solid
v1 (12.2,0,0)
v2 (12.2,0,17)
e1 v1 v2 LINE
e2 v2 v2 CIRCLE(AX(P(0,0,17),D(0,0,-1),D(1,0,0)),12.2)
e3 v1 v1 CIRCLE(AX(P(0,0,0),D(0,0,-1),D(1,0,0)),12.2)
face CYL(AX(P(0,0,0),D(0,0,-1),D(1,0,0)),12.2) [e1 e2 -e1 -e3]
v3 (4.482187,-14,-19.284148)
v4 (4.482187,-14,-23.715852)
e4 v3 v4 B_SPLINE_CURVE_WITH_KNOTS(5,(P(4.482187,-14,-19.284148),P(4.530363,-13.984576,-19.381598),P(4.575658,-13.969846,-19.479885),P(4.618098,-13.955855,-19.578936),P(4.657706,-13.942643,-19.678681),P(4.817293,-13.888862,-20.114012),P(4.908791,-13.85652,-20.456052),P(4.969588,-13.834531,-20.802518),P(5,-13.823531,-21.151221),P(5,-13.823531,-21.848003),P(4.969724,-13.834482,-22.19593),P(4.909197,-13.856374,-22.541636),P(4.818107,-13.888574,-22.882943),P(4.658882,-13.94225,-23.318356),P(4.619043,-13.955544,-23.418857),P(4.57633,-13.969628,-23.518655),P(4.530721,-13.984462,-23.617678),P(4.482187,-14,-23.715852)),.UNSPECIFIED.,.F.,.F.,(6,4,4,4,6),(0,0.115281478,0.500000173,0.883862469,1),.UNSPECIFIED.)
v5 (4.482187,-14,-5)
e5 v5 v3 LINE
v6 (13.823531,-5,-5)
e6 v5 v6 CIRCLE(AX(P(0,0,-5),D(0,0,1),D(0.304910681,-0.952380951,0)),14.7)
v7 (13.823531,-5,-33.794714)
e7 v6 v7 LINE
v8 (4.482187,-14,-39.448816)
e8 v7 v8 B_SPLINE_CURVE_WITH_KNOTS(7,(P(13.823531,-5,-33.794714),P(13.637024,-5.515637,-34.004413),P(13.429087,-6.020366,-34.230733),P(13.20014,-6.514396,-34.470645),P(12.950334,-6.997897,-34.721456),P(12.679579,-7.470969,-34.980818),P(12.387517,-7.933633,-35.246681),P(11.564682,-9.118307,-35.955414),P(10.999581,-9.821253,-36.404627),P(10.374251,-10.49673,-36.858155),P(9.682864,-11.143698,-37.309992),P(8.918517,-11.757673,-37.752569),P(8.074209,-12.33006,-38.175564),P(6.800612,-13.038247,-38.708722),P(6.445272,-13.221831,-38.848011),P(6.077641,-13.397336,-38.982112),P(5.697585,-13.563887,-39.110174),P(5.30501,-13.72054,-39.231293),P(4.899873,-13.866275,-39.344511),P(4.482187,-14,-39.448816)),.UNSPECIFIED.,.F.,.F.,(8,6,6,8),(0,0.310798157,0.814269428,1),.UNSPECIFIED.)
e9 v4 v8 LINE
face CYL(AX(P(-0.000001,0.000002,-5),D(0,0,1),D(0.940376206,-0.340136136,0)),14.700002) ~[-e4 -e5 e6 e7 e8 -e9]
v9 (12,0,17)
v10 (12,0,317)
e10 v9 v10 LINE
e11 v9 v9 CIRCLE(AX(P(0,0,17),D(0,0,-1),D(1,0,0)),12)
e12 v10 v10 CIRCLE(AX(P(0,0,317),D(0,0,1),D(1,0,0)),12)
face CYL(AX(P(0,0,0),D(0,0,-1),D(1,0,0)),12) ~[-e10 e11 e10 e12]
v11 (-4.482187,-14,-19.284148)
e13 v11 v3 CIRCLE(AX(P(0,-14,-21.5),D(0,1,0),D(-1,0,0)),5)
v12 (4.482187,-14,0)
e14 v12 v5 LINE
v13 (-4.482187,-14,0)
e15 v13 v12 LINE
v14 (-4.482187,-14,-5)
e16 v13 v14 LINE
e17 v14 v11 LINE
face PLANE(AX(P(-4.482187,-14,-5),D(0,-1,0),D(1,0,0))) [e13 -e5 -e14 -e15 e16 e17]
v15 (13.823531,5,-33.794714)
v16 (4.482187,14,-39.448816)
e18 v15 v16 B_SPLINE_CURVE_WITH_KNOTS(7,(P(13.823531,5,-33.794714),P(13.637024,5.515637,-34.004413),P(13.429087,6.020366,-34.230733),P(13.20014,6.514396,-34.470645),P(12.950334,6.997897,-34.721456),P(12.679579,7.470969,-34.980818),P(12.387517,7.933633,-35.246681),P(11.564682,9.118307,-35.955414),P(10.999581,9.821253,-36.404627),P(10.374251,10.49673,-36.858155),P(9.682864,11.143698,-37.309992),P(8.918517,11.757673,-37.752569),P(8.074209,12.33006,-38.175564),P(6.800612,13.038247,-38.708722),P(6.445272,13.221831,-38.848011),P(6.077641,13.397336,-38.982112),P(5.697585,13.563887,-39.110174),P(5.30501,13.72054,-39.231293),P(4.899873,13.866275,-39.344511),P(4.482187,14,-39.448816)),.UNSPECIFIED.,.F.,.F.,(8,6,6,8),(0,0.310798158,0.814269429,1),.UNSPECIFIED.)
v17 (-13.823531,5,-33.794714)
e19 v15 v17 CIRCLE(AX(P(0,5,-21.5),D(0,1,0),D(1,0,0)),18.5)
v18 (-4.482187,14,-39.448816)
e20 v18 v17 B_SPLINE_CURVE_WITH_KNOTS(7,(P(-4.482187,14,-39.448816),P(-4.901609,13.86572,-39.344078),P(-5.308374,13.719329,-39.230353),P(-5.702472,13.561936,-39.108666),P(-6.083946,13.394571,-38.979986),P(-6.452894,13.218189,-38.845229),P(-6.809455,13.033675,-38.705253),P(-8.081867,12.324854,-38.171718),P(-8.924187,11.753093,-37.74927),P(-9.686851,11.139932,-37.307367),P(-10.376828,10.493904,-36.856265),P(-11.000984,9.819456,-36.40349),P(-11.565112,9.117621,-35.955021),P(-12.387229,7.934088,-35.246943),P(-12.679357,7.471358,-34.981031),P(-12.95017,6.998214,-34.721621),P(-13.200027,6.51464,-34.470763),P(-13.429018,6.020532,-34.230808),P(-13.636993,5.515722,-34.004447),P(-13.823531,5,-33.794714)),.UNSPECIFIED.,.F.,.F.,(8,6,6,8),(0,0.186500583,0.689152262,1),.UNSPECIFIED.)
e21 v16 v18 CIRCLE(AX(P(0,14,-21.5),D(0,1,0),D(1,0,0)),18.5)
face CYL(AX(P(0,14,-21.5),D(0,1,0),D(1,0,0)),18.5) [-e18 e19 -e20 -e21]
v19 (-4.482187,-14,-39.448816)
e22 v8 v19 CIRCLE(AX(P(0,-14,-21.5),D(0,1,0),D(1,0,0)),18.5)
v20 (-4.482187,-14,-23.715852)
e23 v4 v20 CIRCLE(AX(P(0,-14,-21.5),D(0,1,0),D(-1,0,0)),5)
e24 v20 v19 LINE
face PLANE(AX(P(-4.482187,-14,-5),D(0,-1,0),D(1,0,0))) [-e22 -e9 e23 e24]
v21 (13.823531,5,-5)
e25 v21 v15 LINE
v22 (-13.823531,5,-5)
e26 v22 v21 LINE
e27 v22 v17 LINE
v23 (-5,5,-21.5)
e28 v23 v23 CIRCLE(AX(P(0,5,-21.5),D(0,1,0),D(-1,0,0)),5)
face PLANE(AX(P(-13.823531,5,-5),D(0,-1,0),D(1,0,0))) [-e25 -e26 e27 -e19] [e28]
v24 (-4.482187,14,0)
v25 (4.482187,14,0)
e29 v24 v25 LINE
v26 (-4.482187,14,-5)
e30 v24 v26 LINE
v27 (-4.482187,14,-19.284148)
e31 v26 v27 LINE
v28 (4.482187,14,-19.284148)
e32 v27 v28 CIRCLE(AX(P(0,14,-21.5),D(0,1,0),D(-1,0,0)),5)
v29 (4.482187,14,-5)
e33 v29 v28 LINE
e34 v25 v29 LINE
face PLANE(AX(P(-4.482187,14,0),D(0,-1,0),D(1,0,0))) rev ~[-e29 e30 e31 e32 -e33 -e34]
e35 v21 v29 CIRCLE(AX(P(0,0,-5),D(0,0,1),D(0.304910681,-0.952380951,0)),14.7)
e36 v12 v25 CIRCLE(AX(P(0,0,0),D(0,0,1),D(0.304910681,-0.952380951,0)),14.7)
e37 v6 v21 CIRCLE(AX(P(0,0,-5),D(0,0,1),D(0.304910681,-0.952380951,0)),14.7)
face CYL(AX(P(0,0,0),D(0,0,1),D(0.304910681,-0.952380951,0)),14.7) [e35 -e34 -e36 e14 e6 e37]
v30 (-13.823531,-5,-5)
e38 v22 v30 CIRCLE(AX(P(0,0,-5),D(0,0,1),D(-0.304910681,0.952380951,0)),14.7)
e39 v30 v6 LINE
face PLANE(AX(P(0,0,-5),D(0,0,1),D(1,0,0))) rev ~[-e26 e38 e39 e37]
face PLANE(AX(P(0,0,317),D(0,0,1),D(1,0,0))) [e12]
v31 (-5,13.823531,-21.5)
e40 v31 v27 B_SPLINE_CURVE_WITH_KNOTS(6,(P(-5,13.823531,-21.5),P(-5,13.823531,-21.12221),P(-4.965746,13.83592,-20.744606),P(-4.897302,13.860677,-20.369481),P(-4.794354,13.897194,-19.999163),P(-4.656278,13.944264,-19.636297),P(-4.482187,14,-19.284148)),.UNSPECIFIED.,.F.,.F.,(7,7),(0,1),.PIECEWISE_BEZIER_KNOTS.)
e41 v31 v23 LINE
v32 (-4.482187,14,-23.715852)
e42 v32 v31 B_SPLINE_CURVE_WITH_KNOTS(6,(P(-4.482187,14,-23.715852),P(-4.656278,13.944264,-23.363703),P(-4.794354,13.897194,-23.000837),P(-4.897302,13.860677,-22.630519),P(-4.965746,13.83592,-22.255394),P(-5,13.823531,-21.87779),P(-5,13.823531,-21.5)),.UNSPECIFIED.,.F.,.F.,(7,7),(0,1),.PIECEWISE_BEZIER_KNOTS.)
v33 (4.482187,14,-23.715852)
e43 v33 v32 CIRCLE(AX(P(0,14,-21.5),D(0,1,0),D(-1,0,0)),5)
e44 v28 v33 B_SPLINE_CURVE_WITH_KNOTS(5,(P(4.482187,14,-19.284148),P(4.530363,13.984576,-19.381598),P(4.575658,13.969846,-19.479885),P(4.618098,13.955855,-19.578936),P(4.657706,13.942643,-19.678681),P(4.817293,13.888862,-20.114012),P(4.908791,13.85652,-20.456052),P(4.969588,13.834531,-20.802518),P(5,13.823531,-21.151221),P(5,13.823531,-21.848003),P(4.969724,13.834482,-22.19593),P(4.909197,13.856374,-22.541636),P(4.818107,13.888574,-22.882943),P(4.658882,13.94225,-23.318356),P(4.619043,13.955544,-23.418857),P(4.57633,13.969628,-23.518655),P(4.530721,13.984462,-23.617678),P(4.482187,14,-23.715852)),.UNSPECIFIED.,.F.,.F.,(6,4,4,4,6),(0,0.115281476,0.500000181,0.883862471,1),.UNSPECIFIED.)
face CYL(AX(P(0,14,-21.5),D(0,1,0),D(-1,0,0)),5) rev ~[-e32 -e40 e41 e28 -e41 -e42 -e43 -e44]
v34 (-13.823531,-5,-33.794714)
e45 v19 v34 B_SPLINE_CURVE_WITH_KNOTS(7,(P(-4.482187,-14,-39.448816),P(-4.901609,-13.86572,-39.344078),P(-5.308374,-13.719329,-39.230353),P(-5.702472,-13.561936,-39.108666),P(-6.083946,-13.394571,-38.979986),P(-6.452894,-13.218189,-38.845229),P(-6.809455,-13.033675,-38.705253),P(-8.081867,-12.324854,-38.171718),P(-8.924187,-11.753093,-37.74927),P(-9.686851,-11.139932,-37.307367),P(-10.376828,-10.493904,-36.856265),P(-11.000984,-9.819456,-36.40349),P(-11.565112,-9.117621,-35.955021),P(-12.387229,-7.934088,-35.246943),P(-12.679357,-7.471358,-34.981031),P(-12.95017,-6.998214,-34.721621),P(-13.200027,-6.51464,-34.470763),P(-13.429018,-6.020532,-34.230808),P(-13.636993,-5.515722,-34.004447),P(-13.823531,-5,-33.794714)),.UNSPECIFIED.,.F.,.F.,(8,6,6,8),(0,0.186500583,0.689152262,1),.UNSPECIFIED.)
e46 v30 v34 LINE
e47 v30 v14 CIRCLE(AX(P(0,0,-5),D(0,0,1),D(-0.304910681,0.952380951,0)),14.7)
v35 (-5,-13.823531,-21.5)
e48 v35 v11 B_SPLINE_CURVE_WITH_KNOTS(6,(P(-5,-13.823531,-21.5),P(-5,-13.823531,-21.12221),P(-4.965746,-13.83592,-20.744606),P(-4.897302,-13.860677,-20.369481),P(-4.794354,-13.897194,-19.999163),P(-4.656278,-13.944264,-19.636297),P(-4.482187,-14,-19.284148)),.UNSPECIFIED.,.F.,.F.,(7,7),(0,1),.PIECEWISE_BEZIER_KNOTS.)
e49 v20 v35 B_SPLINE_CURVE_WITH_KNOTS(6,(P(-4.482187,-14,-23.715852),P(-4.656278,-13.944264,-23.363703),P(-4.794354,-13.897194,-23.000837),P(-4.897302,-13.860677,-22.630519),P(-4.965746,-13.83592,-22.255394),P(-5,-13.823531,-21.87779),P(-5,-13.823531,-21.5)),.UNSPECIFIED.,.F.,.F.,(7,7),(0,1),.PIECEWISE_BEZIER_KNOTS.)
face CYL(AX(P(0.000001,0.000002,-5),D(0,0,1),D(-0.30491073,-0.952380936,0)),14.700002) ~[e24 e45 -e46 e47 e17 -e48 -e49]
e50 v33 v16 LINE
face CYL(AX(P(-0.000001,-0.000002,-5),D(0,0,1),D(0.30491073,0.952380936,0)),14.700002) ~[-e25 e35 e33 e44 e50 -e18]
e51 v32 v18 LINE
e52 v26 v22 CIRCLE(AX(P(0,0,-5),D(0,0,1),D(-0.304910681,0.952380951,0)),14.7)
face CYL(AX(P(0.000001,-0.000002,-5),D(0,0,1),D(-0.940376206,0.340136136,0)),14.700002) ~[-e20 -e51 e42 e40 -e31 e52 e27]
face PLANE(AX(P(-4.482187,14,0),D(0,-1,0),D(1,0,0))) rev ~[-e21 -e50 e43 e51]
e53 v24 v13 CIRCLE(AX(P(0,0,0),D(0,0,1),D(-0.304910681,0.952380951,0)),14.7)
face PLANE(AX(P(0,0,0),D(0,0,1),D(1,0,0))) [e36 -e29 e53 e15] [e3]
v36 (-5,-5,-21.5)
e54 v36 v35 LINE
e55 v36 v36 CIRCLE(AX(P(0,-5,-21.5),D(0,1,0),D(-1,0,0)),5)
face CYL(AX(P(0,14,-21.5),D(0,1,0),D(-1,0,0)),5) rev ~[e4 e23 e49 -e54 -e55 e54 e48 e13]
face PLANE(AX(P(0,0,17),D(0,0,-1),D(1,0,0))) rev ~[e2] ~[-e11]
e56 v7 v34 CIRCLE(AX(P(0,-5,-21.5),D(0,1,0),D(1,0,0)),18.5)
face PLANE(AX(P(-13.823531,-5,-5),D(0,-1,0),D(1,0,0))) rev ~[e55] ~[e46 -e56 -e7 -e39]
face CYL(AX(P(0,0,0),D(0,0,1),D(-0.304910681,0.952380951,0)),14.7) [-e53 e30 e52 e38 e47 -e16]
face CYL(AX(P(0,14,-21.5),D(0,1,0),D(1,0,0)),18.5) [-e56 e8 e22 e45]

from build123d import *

# Parameters (mm, degrees)
SKETCH_R     = 12
PAD_DEPTH    = 317
PAD001_DEPTH = 5
SKETCH004_R  = 12.2
PAD003_DEPTH = 17
PAD004_DEPTH = 36
SKETCH006_R  = 5
POCKET_DEPTH = 28.001


with BuildPart() as part:
    # Sketch → Pad (new body)
    with BuildSketch(Plane.XY):
        Circle(SKETCH_R)
    extrude(amount=PAD_DEPTH)

    # Sketch001 → Pad001 (join)
    with BuildSketch(Plane.XY):
        with BuildLine():
            ThreePointArc((-4.482187, 14), (-14.7, 0), (-4.482187, -14))
            Line((-4.482187, -14), (4.482187, -14))
            ThreePointArc((4.482187, -14), (14.7, 0), (4.482187, 14))
            Line((-4.482187, 14), (4.482187, 14))
        make_face()
    extrude(amount=-PAD001_DEPTH)

    # Sketch004 (on Face2 of Pad) → Pad003 (join)
    with BuildSketch(Plane(origin=(0, 0, 0), x_dir=(1, 0, 0), z_dir=(0, 0, -1))):
        Circle(SKETCH004_R)
    extrude(amount=-PAD003_DEPTH)

    # Sketch005 (on Face5 of Pad003) → Pad004 (join)
    with BuildSketch(Plane(origin=(0, 0, -5), x_dir=(1, 0, 0), z_dir=(0, 0, -1))):
        with BuildLine():
            ThreePointArc((-4.482187, 14), (-10.199256, 10.586084), (-13.823531, 5))
            Line((-13.823531, 5), (13.823531, 5))
            ThreePointArc((13.823531, 5), (10.199256, 10.586084), (4.482187, 14))
            Line((-4.482187, 14), (4.482187, 14))
        make_face()
        with BuildLine():
            Line((-13.823531, -5), (13.823531, -5))
            ThreePointArc((4.482187, -14), (10.199256, -10.586084), (13.823531, -5))
            Line((4.482187, -14), (-4.482187, -14))
            ThreePointArc((-13.823531, -5), (-10.199256, -10.586084), (-4.482187, -14))
        make_face()
    extrude(amount=PAD004_DEPTH)

    # Sketch006 (on Face9 of Pad004) → Pocket (cut, through all)
    with BuildSketch(Plane(origin=(0, 14, 0), x_dir=(-1, 0, 0), z_dir=(0, 1, 0))):
        with Locations((0, -21.5)):
            Circle(SKETCH006_R)
        with BuildLine():
            ThreePointArc((-18.5, -21.5), (0, -40), (18.5, -21.5))
            Line((18.5, -21.5), (18.5, -43))
            Line((-18.5, -43), (18.5, -43))
            Line((-18.5, -21.5), (-18.5, -43))
        make_face()
    extrude(amount=-POCKET_DEPTH, mode=Mode.SUBTRACT)


solid = part.part
